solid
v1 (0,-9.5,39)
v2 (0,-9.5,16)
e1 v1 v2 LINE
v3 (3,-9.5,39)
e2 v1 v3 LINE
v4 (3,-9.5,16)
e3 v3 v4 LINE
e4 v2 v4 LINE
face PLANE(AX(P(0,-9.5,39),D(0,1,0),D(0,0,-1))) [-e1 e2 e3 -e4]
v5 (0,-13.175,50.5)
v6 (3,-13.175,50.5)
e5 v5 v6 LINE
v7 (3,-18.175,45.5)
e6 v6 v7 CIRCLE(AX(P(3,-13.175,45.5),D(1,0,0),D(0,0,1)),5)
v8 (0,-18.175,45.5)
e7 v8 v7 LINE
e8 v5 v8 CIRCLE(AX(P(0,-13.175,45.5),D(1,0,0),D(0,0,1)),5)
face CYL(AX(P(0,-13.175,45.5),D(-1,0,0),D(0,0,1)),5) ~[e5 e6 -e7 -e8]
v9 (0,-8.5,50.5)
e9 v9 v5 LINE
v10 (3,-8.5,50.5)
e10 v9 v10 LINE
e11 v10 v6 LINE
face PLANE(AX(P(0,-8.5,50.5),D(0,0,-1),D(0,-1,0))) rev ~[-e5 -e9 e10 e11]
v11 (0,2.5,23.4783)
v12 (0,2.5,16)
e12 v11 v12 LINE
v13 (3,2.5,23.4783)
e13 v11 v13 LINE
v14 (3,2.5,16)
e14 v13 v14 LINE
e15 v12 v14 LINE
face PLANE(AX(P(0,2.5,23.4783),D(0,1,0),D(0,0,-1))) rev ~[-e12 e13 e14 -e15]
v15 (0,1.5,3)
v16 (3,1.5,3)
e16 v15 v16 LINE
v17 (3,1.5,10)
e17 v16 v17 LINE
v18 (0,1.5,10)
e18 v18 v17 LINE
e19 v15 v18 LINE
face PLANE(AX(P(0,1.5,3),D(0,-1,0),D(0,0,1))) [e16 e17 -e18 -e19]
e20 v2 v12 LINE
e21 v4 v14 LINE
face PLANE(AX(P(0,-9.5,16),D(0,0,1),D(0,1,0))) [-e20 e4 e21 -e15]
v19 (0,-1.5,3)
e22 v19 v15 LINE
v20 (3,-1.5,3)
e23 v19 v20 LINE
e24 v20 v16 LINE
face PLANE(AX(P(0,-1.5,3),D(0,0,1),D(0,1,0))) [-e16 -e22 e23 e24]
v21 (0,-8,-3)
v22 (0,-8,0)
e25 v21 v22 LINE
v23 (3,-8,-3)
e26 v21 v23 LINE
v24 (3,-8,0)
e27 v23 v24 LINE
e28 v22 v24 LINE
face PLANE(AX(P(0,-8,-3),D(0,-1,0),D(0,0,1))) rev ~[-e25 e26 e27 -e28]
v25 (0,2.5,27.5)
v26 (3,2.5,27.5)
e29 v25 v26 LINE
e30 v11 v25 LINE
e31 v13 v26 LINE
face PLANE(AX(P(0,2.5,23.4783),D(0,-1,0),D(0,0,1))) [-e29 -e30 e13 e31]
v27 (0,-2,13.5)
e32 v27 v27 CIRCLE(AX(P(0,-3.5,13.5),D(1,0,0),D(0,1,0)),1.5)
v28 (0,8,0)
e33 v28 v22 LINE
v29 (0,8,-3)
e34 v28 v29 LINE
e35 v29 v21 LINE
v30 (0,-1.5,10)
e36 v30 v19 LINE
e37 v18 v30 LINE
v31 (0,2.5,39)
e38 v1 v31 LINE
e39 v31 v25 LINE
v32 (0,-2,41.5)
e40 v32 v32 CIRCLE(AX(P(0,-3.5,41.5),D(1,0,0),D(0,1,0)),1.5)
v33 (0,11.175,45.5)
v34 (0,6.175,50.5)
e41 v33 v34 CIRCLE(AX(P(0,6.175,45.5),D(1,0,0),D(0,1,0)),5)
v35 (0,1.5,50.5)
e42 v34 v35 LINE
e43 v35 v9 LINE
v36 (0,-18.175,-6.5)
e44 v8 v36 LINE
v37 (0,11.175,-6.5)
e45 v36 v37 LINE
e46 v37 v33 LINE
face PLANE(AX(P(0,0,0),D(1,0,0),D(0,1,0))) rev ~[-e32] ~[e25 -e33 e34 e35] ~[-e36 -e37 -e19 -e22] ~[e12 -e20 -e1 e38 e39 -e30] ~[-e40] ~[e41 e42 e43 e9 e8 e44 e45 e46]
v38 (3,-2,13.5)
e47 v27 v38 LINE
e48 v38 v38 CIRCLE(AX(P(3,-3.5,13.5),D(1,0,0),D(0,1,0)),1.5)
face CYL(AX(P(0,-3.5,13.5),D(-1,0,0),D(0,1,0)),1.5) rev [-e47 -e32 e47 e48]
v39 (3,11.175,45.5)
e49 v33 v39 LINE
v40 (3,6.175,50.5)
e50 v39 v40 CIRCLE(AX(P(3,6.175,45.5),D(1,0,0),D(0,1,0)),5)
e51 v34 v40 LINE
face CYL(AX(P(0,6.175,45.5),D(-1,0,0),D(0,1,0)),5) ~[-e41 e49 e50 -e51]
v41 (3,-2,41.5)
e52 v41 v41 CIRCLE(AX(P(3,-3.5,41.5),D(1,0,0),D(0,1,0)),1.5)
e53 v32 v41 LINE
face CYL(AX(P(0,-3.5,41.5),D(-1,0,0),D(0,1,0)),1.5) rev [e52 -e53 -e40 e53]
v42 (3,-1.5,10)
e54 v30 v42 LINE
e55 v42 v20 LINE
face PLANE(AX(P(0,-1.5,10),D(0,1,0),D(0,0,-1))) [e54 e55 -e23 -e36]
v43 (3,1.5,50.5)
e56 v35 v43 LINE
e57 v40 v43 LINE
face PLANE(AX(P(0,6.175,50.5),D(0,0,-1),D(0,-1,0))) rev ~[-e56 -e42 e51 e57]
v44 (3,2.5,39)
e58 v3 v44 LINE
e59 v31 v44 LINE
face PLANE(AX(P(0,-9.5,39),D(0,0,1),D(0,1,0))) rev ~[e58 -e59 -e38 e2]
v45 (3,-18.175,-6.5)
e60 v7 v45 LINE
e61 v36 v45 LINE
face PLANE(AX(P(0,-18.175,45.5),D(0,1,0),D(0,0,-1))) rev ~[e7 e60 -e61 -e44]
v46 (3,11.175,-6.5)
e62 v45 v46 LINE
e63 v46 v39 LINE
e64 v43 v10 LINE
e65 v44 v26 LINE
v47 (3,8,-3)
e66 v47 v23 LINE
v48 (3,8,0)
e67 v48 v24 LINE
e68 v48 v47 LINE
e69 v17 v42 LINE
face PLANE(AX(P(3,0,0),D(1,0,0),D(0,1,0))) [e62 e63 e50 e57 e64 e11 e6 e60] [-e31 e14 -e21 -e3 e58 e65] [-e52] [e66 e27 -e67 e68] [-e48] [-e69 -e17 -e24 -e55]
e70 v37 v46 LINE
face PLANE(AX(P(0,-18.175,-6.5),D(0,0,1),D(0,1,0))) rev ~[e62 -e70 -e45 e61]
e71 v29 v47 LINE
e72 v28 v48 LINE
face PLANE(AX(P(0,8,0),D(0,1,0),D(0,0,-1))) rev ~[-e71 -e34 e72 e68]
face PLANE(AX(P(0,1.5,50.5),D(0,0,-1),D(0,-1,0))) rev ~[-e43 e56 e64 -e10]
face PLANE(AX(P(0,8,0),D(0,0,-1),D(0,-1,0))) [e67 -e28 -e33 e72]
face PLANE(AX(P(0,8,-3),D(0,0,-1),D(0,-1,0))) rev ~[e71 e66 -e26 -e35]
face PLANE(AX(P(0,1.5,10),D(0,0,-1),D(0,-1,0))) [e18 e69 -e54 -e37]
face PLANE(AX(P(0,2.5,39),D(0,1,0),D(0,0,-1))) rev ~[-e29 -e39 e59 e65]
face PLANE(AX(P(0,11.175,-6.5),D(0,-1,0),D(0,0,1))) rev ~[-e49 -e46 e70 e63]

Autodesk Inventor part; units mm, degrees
ref_plane "YZ Plane" through (0, 0, 0) normal (1, 0, 0) x (0, 1, 0)
ref_plane "XZ Plane" through (0, 0, 0) normal (0, 1, 0) x (-1, 0, 0)
ref_plane "XY Plane" through (0, 0, 0) normal (0, 0, 1) x (1, 0, 0)
sketch "Boceto1" plane through (0, 0, 0) normal (1, 0, 0) x (0, 1, 0)
  line L0 (8, 0) -> (8, -3)
  line L1 (8, -3) -> (-8, -3)
  line L2 (-8, -3) -> (-8, 0)
  line L3 (8, 0) -> (-8, 0)
  line L4 (-18.175, -6.5) -> (11.175, -6.5)
  line L5 (1.5, 3) -> (1.5, 10)
  line L6 (1.5, 10) -> (-1.5, 10)
  line L7 (-1.5, 10) -> (-1.5, 3)
  line L8 (-1.5, 3) -> (1.5, 3)
  line L9 (-9.5, 39) -> (2.5, 39)
  line L10 (2.5, 39) -> (2.5, 16)
  line L11 (-9.5, 39) -> (-9.5, 16)
  line L12 (-9.5, 16) -> (2.5, 16)
  circle A0 centre (-3.5, 41.5) radius 1.5
  circle A1 centre (-3.5, 13.5) radius 1.5
  line L13 (11.175, -6.5) -> (11.175, 45.5)
  line L14 (-18.175, 45.5) -> (-18.175, -6.5)
  line L15 (2.5, 23.4783) -> (2.5, 27.5)
  line L16 (6.175, 50.5) -> (1.5, 50.5)
  line L17 (-8.5, 50.5) -> (-13.175, 50.5)
  line L18 (1.5, 50.5) -> (-8.5, 50.5)
  arc A2 (-13.175, 50.5) -> (-18.175, 45.5) centre (-13.175, 45.5) ccw
  arc A3 (11.175, 45.5) -> (6.175, 50.5) centre (6.175, 45.5) ccw
  point P0 (11.175, 50.5)
  point P1 (-18.175, 50.5)
  dimension "d28" = 5
extrude "Extrusión1" add sketch "Boceto1" along normal blind 3
properties part number "muñeca5"
